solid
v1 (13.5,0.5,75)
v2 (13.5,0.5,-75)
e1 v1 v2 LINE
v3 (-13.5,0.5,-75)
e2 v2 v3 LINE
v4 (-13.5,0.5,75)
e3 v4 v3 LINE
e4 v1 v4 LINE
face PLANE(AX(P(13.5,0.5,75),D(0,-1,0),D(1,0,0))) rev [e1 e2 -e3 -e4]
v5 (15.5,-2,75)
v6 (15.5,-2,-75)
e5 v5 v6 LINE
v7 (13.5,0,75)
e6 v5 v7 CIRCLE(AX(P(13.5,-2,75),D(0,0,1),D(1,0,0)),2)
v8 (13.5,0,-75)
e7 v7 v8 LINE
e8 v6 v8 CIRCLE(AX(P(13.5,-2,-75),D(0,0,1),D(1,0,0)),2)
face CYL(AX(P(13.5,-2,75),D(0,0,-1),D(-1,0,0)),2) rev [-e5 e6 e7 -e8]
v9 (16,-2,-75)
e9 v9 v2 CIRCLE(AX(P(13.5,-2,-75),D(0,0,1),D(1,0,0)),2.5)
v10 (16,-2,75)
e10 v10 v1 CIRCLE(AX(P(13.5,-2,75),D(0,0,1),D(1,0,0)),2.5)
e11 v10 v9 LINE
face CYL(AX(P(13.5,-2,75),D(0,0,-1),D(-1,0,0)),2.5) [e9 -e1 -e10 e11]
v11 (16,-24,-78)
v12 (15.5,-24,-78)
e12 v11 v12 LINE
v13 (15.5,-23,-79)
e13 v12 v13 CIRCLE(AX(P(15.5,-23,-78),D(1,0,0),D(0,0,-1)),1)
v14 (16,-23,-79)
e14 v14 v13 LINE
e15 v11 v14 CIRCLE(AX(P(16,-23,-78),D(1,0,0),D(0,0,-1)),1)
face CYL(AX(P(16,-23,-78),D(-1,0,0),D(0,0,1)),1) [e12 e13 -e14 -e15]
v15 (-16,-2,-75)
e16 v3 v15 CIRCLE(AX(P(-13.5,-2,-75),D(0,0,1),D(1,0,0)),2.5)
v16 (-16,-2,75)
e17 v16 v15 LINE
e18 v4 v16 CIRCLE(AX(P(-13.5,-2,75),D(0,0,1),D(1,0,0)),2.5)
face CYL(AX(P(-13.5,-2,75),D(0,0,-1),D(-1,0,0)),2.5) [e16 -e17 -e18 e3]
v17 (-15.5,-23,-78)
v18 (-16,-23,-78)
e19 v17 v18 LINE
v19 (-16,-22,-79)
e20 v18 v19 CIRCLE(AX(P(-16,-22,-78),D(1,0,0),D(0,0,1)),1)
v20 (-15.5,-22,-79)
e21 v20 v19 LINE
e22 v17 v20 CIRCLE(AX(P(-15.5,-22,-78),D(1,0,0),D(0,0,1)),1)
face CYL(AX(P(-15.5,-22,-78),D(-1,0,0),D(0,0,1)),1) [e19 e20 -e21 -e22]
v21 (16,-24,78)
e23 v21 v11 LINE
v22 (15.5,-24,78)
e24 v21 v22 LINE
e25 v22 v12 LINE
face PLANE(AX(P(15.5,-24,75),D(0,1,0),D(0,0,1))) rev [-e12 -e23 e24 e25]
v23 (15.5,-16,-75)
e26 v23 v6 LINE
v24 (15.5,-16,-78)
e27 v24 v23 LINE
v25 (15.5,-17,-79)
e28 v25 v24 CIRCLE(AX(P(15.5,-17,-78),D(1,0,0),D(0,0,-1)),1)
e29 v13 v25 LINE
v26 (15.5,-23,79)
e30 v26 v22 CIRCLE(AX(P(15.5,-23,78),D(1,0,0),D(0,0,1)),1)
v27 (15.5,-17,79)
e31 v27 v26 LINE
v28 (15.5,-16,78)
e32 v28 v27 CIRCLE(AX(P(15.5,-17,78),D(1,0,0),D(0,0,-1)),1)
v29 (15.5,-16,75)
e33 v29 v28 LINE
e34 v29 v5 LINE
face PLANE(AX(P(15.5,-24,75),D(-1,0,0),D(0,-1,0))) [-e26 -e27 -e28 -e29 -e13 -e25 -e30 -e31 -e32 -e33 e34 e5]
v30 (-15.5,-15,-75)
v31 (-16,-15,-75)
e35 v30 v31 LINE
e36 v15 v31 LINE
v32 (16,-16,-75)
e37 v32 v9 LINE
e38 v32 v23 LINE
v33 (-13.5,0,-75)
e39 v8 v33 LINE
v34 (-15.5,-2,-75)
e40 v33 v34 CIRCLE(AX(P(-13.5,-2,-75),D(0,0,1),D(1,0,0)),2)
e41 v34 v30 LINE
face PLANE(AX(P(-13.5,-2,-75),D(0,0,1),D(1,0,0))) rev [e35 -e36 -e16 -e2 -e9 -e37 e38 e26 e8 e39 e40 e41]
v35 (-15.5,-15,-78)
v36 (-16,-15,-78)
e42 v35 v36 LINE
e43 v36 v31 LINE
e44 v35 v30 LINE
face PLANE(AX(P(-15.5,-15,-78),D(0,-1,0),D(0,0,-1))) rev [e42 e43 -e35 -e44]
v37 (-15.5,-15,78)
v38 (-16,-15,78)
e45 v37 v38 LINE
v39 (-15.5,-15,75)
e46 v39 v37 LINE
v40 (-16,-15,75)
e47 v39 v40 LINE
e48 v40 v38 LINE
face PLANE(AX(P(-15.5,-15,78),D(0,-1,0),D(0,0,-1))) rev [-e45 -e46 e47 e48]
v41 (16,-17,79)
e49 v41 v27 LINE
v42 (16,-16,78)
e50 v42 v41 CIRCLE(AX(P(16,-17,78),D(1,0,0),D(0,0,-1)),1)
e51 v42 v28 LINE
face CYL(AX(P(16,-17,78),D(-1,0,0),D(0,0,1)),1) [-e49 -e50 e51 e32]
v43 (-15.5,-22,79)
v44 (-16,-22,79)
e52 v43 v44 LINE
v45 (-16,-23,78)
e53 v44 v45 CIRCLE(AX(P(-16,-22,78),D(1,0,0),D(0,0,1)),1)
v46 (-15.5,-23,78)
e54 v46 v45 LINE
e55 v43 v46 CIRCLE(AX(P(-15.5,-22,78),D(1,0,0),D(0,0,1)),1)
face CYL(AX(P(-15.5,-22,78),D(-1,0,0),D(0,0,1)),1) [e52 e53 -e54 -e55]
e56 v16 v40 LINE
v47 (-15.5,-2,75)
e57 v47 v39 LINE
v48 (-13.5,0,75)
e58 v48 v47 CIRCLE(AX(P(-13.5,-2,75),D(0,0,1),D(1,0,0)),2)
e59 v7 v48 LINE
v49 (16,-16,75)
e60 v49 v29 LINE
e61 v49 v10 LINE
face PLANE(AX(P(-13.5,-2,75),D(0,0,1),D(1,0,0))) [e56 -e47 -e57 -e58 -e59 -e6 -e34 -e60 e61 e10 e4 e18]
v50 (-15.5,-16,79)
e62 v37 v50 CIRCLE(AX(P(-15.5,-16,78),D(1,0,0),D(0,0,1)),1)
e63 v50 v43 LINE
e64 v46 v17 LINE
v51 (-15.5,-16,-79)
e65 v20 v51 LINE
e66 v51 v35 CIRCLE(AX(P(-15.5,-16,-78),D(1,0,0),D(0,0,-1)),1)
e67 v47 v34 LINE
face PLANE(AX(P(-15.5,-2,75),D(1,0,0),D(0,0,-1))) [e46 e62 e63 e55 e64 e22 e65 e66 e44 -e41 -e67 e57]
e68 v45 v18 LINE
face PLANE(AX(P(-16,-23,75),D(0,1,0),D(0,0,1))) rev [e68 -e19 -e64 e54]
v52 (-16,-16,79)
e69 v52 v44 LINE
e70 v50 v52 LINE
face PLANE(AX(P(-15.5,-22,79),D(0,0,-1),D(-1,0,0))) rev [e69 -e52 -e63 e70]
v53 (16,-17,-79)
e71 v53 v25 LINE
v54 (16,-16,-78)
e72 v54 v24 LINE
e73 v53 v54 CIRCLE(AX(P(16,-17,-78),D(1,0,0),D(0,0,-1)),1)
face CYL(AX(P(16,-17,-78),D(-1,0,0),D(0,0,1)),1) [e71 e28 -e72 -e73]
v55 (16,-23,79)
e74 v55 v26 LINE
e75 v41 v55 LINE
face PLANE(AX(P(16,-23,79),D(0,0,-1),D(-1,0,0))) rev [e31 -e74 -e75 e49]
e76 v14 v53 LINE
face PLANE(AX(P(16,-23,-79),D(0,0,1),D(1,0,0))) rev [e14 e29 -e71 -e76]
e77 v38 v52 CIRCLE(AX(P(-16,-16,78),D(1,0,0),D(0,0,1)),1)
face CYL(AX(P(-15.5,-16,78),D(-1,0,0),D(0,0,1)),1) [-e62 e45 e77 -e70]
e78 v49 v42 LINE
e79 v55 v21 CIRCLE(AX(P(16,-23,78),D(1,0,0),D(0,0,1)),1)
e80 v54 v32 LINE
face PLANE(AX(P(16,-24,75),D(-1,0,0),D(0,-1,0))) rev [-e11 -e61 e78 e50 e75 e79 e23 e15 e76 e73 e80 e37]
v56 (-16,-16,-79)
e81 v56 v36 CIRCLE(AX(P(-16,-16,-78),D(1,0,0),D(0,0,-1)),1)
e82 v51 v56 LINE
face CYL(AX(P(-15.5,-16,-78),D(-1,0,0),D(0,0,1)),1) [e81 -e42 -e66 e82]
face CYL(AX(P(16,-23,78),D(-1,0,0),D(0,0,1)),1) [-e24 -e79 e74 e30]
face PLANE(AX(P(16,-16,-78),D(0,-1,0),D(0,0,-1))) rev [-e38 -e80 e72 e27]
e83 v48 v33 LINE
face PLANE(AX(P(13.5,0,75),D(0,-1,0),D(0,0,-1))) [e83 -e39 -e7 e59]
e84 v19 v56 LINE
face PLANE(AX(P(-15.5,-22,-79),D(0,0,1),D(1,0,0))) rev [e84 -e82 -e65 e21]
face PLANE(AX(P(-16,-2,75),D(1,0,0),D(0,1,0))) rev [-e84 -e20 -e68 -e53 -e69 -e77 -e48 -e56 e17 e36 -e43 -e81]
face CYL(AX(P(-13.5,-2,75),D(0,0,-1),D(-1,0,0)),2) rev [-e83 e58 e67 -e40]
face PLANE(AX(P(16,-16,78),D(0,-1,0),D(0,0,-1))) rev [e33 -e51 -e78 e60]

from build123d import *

# Parameters (mm, degrees)
BOSS_EXTRUDE1_DEPTH = 75
BOSS_EXTRUDE2_DEPTH = 0.25
BOSS_EXTRUDE3_DEPTH = 0.25


with BuildPart() as part:
    # Sketch2 → Boss-Extrude1 (new, symmetric)
    with BuildSketch(Plane.XY):
        with BuildLine():
            Line((15.5, -24), (15.5, -2))
            ThreePointArc((15.5, -2), (14.914213562, -0.585786438), (13.5, 0))
            Line((13.5, 0), (-13.5, 0))
            ThreePointArc((-13.5, 0), (-14.914213562, -0.585786438), (-15.5, -2))
            Line((-15.5, -2), (-15.5, -23))
            Line((-15.5, -23), (-16, -23))
            Line((-16, -23), (-16, -2))
            ThreePointArc((-16, -2), (-15.267766953, -0.232233047), (-13.5, 0.5))
            Line((-13.5, 0.5), (13.5, 0.5))
            ThreePointArc((13.5, 0.5), (15.267766953, -0.232233047), (16, -2))
            Line((16, -2), (16, -24))
            Line((16, -24), (15.5, -24))
        make_face()
    extrude(amount=BOSS_EXTRUDE1_DEPTH, both=True)

    # Sketch3 → Boss-Extrude2 (add, symmetric)
    with BuildSketch(Plane(origin=(15.75, 0, 0), x_dir=(0, 0, -1), z_dir=(1, 0, 0))):
        with BuildLine():
            Line((-75, -24), (-78, -24))
            ThreePointArc((-78, -24), (-78.707106781, -23.707106781), (-79, -23))
            Line((-79, -23), (-79, -17))
            ThreePointArc((-79, -17), (-78.707106781, -16.292893219), (-78, -16))
            Line((-78, -16), (-75, -16))
            Line((-75, -16), (-75, -24))
        make_face()
        with BuildLine():
            Line((75, -24), (78, -24))
            ThreePointArc((78, -24), (78.707106781, -23.707106781), (79, -23))
            Line((79, -23), (79, -17))
            ThreePointArc((79, -17), (78.707106781, -16.292893219), (78, -16))
            Line((78, -16), (75, -16))
            Line((75, -16), (75, -24))
        make_face()
    extrude(amount=BOSS_EXTRUDE2_DEPTH, both=True)

    # Sketch4 → Boss-Extrude3 (add, symmetric)
    with BuildSketch(Plane(origin=(-15.75, 0, 0), x_dir=(0, 0, -1), z_dir=(1, 0, 0))):
        with BuildLine():
            Line((-75, -23), (-78, -23))
            ThreePointArc((-78, -23), (-78.707106781, -22.707106781), (-79, -22))
            Line((-79, -22), (-79, -16))
            ThreePointArc((-79, -16), (-78.707106781, -15.292893219), (-78, -15))
            Line((-78, -15), (-75, -15))
            Line((-75, -15), (-75, -23))
        make_face()
        with BuildLine():
            Line((79, -22), (79, -16))
            ThreePointArc((79, -16), (78.707106781, -15.292893219), (78, -15))
            Line((78, -15), (75, -15))
            Line((75, -15), (75, -23))
            Line((75, -23), (78, -23))
            ThreePointArc((78, -23), (78.707106781, -22.707106781), (79, -22))
        make_face()
    extrude(amount=BOSS_EXTRUDE3_DEPTH, both=True)


solid = part.part
